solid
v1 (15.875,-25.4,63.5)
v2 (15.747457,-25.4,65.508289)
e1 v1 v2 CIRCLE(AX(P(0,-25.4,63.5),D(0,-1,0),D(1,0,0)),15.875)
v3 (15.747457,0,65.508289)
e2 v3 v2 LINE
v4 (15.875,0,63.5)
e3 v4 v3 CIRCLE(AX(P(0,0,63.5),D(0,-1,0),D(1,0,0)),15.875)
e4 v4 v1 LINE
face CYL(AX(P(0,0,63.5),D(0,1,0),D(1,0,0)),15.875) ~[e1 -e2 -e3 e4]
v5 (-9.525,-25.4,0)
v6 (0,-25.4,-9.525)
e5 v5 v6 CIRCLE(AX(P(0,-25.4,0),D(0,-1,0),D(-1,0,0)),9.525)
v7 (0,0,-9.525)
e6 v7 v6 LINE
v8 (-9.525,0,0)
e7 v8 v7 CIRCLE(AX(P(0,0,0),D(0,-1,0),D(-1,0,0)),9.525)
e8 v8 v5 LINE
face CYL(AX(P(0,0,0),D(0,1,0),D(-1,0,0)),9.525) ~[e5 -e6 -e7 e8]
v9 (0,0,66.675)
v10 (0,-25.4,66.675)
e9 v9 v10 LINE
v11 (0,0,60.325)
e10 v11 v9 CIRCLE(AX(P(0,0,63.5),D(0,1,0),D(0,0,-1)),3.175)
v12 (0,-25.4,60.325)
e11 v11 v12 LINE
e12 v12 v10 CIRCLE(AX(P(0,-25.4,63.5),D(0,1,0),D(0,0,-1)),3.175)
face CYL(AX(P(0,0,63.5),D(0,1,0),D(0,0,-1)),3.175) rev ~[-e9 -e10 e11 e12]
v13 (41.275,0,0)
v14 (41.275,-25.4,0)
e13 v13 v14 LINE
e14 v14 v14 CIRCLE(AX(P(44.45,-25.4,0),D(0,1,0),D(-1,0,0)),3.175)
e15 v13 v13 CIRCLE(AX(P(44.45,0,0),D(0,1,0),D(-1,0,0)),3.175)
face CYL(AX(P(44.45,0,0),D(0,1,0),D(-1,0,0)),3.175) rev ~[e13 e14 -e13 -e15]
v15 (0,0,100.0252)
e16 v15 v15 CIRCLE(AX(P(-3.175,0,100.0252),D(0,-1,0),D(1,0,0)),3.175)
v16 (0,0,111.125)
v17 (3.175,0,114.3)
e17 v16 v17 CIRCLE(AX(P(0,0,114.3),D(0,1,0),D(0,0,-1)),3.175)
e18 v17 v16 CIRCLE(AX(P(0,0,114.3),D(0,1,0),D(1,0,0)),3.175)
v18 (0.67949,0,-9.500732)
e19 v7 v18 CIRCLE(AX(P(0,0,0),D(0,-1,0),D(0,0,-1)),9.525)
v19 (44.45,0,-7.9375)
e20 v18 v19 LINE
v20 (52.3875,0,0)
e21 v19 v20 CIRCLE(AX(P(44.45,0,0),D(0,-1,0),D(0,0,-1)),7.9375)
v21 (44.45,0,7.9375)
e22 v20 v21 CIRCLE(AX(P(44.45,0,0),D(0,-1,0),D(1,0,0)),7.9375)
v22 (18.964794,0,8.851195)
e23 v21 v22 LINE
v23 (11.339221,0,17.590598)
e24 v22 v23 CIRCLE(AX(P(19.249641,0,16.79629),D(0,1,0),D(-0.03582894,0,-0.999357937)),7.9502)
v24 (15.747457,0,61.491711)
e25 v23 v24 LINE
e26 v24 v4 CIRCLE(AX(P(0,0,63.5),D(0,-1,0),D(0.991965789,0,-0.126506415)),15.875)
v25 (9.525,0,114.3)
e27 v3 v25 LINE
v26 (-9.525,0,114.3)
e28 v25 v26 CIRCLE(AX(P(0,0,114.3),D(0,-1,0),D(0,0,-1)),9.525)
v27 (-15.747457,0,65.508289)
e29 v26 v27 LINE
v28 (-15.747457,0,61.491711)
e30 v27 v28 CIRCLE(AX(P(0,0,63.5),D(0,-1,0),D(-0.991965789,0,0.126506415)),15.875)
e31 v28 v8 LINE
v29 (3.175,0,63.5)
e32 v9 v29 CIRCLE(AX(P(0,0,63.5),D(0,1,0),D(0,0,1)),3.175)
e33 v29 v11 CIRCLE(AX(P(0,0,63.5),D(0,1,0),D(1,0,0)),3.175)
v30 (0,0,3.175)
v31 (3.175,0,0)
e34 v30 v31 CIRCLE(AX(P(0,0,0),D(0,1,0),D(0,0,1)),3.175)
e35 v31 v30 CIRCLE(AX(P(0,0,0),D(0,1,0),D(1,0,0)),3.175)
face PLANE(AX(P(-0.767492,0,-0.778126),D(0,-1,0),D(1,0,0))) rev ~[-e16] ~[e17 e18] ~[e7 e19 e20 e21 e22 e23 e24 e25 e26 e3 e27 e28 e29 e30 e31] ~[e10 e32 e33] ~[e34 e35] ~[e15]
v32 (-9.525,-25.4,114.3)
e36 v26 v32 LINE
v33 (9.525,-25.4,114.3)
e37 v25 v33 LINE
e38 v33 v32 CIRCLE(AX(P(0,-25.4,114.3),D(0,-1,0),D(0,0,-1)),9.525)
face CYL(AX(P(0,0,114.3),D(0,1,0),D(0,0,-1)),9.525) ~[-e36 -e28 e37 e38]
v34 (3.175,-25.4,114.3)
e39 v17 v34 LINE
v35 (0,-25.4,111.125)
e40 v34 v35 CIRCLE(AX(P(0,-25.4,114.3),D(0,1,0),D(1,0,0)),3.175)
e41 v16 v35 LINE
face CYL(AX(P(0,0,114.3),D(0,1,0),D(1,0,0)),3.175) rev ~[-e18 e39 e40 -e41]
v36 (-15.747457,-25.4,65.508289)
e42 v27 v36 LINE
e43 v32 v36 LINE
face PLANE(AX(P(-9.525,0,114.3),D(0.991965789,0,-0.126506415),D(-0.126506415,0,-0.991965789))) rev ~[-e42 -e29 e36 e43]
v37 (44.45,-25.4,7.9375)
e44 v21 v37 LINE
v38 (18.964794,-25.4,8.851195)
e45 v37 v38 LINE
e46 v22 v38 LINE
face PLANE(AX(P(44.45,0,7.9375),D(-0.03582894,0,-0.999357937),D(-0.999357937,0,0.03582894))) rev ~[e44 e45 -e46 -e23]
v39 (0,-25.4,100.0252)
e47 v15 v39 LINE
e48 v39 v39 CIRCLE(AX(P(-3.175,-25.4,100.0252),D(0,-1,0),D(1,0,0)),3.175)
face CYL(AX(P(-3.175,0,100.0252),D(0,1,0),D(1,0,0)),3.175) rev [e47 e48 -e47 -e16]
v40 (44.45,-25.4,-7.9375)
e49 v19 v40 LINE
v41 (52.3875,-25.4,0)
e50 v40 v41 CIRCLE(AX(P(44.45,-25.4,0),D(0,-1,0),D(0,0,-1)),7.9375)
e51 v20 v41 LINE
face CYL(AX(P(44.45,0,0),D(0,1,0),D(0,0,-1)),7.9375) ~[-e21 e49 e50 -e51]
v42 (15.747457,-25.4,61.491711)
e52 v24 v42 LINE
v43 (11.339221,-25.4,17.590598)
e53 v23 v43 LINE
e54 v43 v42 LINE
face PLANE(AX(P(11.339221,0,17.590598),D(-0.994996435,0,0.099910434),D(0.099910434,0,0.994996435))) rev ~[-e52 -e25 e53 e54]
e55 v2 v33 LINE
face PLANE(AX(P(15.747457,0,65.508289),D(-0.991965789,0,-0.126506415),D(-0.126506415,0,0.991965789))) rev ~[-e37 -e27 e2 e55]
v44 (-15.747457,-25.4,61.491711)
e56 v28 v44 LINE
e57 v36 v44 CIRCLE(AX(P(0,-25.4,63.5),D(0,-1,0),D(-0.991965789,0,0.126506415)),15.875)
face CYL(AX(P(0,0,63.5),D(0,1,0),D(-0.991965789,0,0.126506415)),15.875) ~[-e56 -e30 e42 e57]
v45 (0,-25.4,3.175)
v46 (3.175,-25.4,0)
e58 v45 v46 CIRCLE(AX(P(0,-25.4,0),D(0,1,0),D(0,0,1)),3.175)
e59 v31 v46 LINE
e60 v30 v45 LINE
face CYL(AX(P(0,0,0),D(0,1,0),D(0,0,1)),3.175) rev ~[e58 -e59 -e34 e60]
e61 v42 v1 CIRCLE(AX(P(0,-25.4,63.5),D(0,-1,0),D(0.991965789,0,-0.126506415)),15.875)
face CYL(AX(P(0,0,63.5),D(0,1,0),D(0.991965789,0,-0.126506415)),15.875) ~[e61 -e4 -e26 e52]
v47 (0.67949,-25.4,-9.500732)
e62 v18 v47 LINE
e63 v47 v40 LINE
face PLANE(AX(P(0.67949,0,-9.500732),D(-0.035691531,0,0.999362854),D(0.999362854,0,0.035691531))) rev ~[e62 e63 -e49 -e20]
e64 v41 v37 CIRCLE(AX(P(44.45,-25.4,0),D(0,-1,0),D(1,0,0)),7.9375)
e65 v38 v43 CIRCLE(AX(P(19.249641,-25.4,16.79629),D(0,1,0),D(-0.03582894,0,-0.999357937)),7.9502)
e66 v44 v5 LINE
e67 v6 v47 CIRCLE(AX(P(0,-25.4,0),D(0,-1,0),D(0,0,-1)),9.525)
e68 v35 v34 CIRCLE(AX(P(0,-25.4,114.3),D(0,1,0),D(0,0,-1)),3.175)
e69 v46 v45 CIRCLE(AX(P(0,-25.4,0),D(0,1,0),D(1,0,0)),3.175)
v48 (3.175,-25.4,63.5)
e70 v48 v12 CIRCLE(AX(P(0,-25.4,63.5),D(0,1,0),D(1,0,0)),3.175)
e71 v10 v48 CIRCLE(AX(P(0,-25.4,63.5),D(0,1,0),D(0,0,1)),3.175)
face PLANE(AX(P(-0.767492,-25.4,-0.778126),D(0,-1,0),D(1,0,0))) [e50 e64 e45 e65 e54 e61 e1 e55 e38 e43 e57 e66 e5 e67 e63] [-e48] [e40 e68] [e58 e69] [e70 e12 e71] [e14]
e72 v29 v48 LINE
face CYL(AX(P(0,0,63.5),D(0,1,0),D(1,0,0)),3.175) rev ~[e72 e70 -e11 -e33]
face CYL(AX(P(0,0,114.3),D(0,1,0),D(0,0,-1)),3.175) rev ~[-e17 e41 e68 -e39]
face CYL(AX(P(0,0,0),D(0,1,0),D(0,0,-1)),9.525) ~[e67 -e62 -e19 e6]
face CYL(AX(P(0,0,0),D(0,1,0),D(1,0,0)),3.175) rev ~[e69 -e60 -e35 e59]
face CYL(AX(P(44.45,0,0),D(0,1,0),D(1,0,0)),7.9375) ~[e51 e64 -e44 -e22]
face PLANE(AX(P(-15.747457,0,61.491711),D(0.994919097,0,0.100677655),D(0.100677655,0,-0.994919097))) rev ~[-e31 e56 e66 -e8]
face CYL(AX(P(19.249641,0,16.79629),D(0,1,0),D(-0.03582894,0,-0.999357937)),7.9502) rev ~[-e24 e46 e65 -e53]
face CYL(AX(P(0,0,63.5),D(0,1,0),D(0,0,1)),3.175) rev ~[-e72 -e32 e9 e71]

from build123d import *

# Parameters (mm, degrees)
F0_R     = 3.175
F1_DEPTH = 25.4


with BuildPart() as f1:
    # F0 (on Front) → F1 (new body)
    with BuildSketch(Plane.XZ):
        with BuildLine():
            ThreePointArc((0, 9.525), (-6.7351920908, 6.7351920908), (-9.525, 0))
            ThreePointArc((-9.525, 0), (-6.7351920908, -6.7351920908), (0, -9.525))
            Line((0, -9.525), (0.6794904459, -9.5007324841))
            ThreePointArc((0.6794904459, -9.5007324841), (6.9712901065, -6.4905114784), (9.525, 0))
            Line((9.525, 0), (3.175, 0))
            ThreePointArc((3.175, 0), (-2.2450640303, -2.2450640303), (0, 3.175))
            Line((0, 3.175), (0, 9.525))
        make_face()
        with BuildLine():
            Line((-15.7474569047, 61.4917106696), (-9.525, 0))
            ThreePointArc((-9.525, 0), (-6.7351920908, 6.7351920908), (0, 9.525))
            Line((0, 9.525), (0, 47.625))
            ThreePointArc((0, 47.625), (-10.4912828548, 51.5857812233), (-15.7474569047, 61.4917106696))
        make_face()
        with BuildLine():
            Line((0.6794904459, -9.5007324841), (0, -9.525))
            ThreePointArc((0, -9.525), (0.3399618281, -9.5189311877), (0.6794904459, -9.5007324841))
        make_face()
        with BuildLine():
            Line((0, 47.625), (0, 9.525))
            ThreePointArc((0, 9.525), (6.7351920908, 6.7351920908), (9.525, 0))
            Line((9.525, 0), (36.5125, 0))
            ThreePointArc((36.5125, 0), (38.8373399243, 5.6126600757), (44.45, 7.9375))
            Line((44.45, 7.9375), (18.9647942191, 8.8511945514))
            ThreePointArc((18.9647942191, 8.8511945514), (13.2592410586, 11.5693613748), (11.3392208, 17.5905979549))
            Line((11.3392208, 17.5905979549), (15.7474569047, 61.4917106696))
            ThreePointArc((15.7474569047, 61.4917106696), (10.4912828548, 51.5857812233), (0, 47.625))
        make_face()
        with BuildLine():
            ThreePointArc((-15.7474569047, 65.5082893304), (-15.875, 63.5), (-15.7474569047, 61.4917106696))
            ThreePointArc((-15.7474569047, 61.4917106696), (-10.4912828548, 51.5857812233), (0, 47.625))
            Line((0, 47.625), (0, 60.325))
            ThreePointArc((0, 60.325), (-3.175, 63.5), (0, 66.675))
            Line((0, 66.675), (0, 79.375))
            ThreePointArc((0, 79.375), (-10.4912828548, 75.4142187767), (-15.7474569047, 65.5082893304))
        make_face()
        with BuildLine():
            ThreePointArc((9.525, 0), (6.9712901065, -6.4905114784), (0.6794904459, -9.5007324841))
            Line((0.6794904459, -9.5007324841), (44.45, -7.9375))
            ThreePointArc((44.45, -7.9375), (38.8373399243, -5.6126600757), (36.5125, 0))
            Line((36.5125, 0), (9.525, 0))
        make_face()
        with BuildLine():
            Line((0, 60.325), (0, 47.625))
            ThreePointArc((0, 47.625), (10.4912828548, 51.5857812233), (15.7474569047, 61.4917106696))
            ThreePointArc((15.7474569047, 61.4917106696), (15.8430821396, 62.4938323604), (15.875, 63.5))
            ThreePointArc((15.875, 63.5), (15.8430821396, 64.5061676396), (15.7474569047, 65.5082893304))
            ThreePointArc((15.7474569047, 65.5082893304), (10.4912828548, 75.4142187767), (0, 79.375))
            Line((0, 79.375), (0, 66.675))
            ThreePointArc((0, 66.675), (2.2450640303, 65.7450640303), (3.175, 63.5))
            ThreePointArc((3.175, 63.5), (2.2450640303, 61.2549359697), (0, 60.325))
        make_face()
        with BuildLine():
            Line((-9.525, 114.3), (-15.7474569047, 65.5082893304))
            ThreePointArc((-15.7474569047, 65.5082893304), (-10.4912828548, 75.4142187767), (0, 79.375))
            Line((0, 79.375), (0, 100.0252))
            Line((0, 100.0252), (0, 104.775))
            ThreePointArc((0, 104.775), (-6.7351920908, 107.5648079092), (-9.525, 114.3))
        make_face()
        with Locations((-3.175, 100.0252)):
            Circle(F0_R, mode=Mode.SUBTRACT)
        with BuildLine():
            ThreePointArc((36.5125, 0), (38.8373399243, -5.6126600757), (44.45, -7.9375))
            ThreePointArc((44.45, -7.9375), (50.0626600757, -5.6126600757), (52.3875, 0))
            ThreePointArc((52.3875, 0), (50.0626600757, 5.6126600757), (44.45, 7.9375))
            ThreePointArc((44.45, 7.9375), (38.8373399243, 5.6126600757), (36.5125, 0))
        make_face()
        with BuildLine():
            ThreePointArc((47.625, 0), (44.45, -3.175), (41.275, 0))
            ThreePointArc((41.275, 0), (44.45, 3.175), (47.625, 0))
        make_face(mode=Mode.SUBTRACT)
        with BuildLine():
            Line((0, 100.0252), (0, 79.375))
            ThreePointArc((0, 79.375), (10.4912828548, 75.4142187767), (15.7474569047, 65.5082893304))
            Line((15.7474569047, 65.5082893304), (9.525, 114.3))
            ThreePointArc((9.525, 114.3), (6.7351920908, 107.5648079092), (0, 104.775))
            Line((0, 104.775), (0, 100.0252))
        make_face()
        with BuildLine():
            ThreePointArc((9.525, 114.3), (0, 123.825), (-9.525, 114.3))
            ThreePointArc((-9.525, 114.3), (-6.7351920908, 107.5648079092), (0, 104.775))
            ThreePointArc((0, 104.775), (6.7351920908, 107.5648079092), (9.525, 114.3))
        make_face()
        with BuildLine():
            ThreePointArc((3.175, 114.3), (2.2450640303, 112.0549359697), (0, 111.125))
            ThreePointArc((0, 111.125), (-2.2450640303, 116.5450640303), (3.175, 114.3))
        make_face(mode=Mode.SUBTRACT)
        with BuildLine():
            ThreePointArc((9.525, 0), (6.7351920908, 6.7351920908), (0, 9.525))
            Line((0, 9.525), (0, 3.175))
            ThreePointArc((0, 3.175), (2.2450640303, 2.2450640303), (3.175, 0))
            Line((3.175, 0), (9.525, 0))
        make_face()
    extrude(amount=F1_DEPTH)


solid = f1.part
